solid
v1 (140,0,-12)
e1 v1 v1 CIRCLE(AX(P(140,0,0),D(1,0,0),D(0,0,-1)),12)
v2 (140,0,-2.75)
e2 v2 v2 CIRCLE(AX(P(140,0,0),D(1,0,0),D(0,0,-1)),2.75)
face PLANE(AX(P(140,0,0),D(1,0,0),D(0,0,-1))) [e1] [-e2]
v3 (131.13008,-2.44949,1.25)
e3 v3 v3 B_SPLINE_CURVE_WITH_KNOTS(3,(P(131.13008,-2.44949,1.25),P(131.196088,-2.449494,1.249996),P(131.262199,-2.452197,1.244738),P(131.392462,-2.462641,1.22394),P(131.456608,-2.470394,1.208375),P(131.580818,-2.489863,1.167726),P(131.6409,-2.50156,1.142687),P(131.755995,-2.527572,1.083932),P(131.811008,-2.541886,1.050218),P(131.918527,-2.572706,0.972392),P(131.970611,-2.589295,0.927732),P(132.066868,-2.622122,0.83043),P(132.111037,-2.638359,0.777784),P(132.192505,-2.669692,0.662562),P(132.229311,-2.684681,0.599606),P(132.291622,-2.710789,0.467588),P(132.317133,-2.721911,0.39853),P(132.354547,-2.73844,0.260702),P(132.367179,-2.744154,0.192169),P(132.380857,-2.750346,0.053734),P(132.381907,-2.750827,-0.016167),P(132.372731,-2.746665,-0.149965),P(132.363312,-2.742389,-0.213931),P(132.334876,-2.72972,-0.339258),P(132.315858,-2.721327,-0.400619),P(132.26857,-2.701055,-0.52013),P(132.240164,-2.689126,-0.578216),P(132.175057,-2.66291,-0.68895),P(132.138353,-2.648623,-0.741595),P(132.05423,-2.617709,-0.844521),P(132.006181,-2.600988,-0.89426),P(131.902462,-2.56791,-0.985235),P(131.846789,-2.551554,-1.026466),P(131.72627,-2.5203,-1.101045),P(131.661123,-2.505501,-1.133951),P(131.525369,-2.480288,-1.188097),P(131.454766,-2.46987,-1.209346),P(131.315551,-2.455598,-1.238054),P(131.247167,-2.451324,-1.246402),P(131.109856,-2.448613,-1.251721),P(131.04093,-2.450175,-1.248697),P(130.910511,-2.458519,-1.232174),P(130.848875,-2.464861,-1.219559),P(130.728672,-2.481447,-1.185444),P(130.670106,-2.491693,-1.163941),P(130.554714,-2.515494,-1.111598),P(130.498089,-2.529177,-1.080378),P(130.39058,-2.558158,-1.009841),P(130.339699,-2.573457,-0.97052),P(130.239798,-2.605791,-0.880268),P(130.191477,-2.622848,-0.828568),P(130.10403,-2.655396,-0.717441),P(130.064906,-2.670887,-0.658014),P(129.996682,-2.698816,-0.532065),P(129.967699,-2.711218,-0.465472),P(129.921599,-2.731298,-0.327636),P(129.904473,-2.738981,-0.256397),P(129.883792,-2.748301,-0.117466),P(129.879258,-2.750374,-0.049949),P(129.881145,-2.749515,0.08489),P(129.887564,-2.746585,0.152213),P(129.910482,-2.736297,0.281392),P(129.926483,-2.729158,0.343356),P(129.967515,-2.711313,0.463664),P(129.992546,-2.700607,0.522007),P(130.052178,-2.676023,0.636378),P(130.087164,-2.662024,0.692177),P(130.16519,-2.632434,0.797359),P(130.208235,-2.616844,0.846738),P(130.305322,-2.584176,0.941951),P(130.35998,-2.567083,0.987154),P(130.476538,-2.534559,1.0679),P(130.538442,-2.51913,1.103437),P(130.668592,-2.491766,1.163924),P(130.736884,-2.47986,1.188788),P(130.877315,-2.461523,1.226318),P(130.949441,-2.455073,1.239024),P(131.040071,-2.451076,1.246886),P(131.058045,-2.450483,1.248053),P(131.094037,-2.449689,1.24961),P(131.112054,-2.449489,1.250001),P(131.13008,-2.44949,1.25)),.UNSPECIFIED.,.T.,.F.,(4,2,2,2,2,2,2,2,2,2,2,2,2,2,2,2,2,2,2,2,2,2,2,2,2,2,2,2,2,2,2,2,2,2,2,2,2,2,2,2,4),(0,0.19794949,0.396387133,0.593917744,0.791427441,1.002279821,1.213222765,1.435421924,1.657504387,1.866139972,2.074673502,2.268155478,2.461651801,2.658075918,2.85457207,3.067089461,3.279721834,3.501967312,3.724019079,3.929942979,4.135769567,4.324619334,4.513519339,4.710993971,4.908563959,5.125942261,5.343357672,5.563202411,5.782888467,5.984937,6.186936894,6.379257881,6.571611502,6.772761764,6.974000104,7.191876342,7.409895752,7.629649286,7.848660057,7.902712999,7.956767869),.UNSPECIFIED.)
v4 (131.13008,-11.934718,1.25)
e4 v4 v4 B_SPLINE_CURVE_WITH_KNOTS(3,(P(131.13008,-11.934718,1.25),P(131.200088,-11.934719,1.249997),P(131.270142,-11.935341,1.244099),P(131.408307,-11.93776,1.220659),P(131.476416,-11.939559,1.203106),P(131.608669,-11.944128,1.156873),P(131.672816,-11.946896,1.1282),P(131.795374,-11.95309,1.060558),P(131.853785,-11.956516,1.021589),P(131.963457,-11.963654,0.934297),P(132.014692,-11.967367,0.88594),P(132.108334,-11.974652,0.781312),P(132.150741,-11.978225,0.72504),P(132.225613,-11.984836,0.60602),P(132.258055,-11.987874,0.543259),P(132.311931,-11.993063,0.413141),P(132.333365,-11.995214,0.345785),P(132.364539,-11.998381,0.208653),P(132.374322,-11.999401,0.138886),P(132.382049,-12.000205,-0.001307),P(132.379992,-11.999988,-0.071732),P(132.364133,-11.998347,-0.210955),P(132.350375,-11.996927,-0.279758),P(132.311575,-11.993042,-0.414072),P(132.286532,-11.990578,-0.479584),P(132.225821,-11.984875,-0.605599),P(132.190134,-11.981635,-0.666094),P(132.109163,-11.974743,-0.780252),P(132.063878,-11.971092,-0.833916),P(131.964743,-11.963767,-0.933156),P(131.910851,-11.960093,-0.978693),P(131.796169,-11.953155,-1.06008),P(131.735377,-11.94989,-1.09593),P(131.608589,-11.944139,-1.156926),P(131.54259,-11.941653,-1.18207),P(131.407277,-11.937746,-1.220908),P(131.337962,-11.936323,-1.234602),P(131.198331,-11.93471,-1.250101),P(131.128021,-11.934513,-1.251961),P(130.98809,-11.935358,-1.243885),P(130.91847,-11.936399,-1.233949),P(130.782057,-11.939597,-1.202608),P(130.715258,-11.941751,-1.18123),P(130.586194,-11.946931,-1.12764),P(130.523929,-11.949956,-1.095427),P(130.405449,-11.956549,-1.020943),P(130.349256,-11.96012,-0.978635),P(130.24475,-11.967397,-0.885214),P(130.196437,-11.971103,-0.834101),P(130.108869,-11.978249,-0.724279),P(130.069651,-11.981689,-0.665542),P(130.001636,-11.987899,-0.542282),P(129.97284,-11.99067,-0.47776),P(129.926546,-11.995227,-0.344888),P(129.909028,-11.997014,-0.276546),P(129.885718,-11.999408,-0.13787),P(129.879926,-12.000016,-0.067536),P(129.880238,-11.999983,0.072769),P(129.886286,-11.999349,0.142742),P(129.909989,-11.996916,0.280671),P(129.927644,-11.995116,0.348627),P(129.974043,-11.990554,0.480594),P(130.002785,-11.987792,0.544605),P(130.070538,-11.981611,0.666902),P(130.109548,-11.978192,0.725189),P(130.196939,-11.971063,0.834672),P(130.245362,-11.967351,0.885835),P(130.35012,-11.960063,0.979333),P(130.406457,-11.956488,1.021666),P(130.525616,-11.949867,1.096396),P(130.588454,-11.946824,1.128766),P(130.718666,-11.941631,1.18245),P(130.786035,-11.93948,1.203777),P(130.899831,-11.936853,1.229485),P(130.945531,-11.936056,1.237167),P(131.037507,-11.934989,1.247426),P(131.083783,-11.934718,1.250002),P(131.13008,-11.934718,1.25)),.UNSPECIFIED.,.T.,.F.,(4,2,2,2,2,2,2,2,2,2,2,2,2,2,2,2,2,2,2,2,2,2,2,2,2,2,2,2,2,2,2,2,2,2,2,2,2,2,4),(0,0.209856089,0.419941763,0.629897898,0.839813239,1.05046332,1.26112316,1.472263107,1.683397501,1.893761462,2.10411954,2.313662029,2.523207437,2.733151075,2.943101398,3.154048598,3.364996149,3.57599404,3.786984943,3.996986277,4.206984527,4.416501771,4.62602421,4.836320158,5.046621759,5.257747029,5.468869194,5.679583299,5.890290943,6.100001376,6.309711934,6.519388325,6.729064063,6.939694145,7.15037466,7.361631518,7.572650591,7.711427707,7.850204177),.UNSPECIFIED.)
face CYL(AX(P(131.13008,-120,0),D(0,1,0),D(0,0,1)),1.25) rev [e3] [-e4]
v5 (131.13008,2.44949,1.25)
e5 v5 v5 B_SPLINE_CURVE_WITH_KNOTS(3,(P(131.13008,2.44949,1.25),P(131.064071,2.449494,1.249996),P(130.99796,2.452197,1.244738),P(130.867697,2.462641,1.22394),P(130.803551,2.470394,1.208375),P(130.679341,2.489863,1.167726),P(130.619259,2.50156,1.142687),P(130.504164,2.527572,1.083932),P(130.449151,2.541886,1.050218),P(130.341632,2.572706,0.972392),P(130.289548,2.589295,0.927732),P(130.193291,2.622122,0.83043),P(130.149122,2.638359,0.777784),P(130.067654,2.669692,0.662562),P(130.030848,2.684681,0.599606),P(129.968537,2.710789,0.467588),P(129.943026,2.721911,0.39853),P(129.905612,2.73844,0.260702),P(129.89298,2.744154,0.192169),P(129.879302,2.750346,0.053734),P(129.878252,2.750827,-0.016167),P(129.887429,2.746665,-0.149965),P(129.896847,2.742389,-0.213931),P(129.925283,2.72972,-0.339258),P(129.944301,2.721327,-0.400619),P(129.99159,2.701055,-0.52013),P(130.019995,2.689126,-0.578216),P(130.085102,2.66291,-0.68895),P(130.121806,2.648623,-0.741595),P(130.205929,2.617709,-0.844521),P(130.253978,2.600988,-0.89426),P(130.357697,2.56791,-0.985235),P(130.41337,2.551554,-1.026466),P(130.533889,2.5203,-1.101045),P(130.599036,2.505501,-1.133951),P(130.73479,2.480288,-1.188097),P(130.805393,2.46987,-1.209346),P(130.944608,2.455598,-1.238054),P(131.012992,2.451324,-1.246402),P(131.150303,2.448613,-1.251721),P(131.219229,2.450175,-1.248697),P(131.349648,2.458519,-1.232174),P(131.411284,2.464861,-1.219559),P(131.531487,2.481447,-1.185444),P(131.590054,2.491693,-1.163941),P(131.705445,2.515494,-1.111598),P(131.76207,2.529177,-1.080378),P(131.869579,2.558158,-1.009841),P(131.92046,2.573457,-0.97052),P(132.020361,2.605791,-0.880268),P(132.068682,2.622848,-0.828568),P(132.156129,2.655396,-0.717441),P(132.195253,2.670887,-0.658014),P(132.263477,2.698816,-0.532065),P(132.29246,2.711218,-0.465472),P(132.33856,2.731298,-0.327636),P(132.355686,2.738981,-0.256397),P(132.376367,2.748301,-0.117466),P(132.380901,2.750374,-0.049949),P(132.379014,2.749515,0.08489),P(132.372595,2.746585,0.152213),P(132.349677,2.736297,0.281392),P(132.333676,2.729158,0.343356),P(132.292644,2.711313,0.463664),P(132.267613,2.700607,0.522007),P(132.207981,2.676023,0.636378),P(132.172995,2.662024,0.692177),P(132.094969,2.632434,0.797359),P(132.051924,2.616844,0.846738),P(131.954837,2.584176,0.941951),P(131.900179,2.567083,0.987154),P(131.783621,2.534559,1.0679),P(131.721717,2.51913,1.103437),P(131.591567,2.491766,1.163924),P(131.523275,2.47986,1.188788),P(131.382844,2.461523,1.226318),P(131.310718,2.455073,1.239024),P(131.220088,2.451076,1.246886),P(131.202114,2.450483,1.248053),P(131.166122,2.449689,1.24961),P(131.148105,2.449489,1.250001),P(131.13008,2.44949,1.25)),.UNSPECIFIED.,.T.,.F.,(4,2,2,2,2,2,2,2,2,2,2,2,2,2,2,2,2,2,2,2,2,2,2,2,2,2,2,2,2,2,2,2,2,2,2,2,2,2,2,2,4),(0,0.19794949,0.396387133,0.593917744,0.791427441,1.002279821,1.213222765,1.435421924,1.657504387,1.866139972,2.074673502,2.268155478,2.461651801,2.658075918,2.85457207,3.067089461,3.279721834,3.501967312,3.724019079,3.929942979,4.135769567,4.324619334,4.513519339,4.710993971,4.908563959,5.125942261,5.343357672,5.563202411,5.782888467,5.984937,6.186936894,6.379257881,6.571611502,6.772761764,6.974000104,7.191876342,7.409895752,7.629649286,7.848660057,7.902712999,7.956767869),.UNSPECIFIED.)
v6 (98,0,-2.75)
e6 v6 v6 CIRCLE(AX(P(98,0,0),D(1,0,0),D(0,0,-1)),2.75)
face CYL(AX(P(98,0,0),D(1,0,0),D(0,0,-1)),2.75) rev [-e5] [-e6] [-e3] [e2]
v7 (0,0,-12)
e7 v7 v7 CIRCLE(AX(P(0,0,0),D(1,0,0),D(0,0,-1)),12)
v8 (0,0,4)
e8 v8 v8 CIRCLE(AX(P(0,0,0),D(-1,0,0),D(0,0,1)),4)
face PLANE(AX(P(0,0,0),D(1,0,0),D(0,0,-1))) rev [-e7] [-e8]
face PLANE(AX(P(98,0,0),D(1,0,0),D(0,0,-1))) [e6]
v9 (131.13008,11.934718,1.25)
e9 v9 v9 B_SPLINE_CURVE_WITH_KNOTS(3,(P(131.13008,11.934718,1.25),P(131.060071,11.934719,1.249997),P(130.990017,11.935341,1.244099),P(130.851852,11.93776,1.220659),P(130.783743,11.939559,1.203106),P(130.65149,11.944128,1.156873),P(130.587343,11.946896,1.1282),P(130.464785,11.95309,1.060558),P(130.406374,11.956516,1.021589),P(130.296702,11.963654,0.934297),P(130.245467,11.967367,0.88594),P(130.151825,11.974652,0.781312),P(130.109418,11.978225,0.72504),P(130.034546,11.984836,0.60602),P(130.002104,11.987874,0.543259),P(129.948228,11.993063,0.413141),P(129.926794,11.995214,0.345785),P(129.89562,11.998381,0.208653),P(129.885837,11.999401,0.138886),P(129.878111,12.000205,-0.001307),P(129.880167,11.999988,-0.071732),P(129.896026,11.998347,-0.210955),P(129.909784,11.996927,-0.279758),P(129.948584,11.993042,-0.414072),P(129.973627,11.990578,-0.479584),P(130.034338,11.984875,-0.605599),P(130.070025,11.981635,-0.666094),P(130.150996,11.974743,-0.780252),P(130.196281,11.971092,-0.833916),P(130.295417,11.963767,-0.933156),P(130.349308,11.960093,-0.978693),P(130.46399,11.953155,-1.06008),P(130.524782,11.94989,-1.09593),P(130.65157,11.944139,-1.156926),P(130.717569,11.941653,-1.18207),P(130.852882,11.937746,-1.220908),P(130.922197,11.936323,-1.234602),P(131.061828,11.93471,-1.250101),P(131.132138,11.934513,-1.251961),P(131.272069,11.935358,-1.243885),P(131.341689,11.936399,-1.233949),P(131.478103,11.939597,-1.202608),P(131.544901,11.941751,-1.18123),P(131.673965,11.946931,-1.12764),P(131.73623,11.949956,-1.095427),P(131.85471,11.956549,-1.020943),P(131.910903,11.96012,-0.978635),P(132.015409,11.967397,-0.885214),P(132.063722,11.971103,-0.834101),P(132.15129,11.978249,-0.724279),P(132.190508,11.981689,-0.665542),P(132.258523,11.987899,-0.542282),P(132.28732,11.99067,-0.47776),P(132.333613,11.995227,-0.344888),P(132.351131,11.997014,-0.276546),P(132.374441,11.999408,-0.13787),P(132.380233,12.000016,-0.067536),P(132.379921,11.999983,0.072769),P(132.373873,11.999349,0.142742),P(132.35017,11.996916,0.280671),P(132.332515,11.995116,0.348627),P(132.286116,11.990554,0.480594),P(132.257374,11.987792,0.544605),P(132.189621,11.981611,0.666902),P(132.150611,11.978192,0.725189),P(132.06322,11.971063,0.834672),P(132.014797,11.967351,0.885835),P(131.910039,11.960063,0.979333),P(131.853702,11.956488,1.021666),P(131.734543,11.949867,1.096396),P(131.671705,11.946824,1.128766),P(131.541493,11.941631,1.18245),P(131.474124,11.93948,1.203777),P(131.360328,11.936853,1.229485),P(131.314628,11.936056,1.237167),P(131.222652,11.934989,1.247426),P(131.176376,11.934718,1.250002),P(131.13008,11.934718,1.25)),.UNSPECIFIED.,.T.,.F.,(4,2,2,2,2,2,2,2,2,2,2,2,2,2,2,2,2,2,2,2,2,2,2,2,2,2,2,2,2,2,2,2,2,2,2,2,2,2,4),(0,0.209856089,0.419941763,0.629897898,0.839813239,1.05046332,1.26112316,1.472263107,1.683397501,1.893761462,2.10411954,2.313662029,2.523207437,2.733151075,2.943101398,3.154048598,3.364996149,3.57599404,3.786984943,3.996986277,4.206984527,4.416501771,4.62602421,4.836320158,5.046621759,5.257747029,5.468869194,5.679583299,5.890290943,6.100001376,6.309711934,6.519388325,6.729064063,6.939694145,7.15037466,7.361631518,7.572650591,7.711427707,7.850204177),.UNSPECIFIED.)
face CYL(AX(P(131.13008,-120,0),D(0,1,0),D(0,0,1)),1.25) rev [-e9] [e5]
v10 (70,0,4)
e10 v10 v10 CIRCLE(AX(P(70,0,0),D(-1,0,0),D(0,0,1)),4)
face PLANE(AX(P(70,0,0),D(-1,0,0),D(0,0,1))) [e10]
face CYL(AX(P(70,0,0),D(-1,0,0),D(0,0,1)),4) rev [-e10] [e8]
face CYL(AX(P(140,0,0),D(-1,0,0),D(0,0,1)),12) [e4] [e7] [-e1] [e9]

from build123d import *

# Parameters (mm, degrees)
SKETCH1_R               = 12
BOSS_EXTRUDE1_DEPTH     = 140
CUT_EXTRUDE1_DEPTH      = 120
CUT_EXTRUDE1_DEPTH_BACK = 120
SKETCH2_R               = 1.25
SKETCH3_R               = 2.75
CUT_EXTRUDE2_DEPTH      = 42
SKETCH4_R               = 4
CUT_EXTRUDE3_DEPTH      = 70


with BuildPart() as part:
    # Sketch1 → Boss-Extrude1 (new body)
    with BuildSketch(Plane(origin=(0, 0, 0), x_dir=(0, 0, -1), z_dir=(1, 0, 0))):
        Circle(SKETCH1_R)
    extrude(amount=BOSS_EXTRUDE1_DEPTH)

    # Sketch2 → Cut-Extrude1 (cut, two sides: drawn at the far end of the back side and taken through both)
    with BuildSketch(Plane(origin=(0, 0, 0), x_dir=(1, 0, 0), z_dir=(0, 1, 0)).offset(-CUT_EXTRUDE1_DEPTH_BACK)):
        with Locations((131.130079525, 0)):
            Circle(SKETCH2_R)
    extrude(amount=CUT_EXTRUDE1_DEPTH + CUT_EXTRUDE1_DEPTH_BACK, mode=Mode.SUBTRACT)

    # Sketch3 → Cut-Extrude2 (cut)
    with BuildSketch(Plane(origin=(140, 0, 0), x_dir=(0, 0, -1), z_dir=(1, 0, 0))):
        Circle(SKETCH3_R)
    extrude(amount=-CUT_EXTRUDE2_DEPTH, mode=Mode.SUBTRACT)

    # Sketch4 → Cut-Extrude3 (cut)
    with BuildSketch(Plane.ZY):
        Circle(SKETCH4_R)
    extrude(amount=-CUT_EXTRUDE3_DEPTH, mode=Mode.SUBTRACT)


solid = part.part
